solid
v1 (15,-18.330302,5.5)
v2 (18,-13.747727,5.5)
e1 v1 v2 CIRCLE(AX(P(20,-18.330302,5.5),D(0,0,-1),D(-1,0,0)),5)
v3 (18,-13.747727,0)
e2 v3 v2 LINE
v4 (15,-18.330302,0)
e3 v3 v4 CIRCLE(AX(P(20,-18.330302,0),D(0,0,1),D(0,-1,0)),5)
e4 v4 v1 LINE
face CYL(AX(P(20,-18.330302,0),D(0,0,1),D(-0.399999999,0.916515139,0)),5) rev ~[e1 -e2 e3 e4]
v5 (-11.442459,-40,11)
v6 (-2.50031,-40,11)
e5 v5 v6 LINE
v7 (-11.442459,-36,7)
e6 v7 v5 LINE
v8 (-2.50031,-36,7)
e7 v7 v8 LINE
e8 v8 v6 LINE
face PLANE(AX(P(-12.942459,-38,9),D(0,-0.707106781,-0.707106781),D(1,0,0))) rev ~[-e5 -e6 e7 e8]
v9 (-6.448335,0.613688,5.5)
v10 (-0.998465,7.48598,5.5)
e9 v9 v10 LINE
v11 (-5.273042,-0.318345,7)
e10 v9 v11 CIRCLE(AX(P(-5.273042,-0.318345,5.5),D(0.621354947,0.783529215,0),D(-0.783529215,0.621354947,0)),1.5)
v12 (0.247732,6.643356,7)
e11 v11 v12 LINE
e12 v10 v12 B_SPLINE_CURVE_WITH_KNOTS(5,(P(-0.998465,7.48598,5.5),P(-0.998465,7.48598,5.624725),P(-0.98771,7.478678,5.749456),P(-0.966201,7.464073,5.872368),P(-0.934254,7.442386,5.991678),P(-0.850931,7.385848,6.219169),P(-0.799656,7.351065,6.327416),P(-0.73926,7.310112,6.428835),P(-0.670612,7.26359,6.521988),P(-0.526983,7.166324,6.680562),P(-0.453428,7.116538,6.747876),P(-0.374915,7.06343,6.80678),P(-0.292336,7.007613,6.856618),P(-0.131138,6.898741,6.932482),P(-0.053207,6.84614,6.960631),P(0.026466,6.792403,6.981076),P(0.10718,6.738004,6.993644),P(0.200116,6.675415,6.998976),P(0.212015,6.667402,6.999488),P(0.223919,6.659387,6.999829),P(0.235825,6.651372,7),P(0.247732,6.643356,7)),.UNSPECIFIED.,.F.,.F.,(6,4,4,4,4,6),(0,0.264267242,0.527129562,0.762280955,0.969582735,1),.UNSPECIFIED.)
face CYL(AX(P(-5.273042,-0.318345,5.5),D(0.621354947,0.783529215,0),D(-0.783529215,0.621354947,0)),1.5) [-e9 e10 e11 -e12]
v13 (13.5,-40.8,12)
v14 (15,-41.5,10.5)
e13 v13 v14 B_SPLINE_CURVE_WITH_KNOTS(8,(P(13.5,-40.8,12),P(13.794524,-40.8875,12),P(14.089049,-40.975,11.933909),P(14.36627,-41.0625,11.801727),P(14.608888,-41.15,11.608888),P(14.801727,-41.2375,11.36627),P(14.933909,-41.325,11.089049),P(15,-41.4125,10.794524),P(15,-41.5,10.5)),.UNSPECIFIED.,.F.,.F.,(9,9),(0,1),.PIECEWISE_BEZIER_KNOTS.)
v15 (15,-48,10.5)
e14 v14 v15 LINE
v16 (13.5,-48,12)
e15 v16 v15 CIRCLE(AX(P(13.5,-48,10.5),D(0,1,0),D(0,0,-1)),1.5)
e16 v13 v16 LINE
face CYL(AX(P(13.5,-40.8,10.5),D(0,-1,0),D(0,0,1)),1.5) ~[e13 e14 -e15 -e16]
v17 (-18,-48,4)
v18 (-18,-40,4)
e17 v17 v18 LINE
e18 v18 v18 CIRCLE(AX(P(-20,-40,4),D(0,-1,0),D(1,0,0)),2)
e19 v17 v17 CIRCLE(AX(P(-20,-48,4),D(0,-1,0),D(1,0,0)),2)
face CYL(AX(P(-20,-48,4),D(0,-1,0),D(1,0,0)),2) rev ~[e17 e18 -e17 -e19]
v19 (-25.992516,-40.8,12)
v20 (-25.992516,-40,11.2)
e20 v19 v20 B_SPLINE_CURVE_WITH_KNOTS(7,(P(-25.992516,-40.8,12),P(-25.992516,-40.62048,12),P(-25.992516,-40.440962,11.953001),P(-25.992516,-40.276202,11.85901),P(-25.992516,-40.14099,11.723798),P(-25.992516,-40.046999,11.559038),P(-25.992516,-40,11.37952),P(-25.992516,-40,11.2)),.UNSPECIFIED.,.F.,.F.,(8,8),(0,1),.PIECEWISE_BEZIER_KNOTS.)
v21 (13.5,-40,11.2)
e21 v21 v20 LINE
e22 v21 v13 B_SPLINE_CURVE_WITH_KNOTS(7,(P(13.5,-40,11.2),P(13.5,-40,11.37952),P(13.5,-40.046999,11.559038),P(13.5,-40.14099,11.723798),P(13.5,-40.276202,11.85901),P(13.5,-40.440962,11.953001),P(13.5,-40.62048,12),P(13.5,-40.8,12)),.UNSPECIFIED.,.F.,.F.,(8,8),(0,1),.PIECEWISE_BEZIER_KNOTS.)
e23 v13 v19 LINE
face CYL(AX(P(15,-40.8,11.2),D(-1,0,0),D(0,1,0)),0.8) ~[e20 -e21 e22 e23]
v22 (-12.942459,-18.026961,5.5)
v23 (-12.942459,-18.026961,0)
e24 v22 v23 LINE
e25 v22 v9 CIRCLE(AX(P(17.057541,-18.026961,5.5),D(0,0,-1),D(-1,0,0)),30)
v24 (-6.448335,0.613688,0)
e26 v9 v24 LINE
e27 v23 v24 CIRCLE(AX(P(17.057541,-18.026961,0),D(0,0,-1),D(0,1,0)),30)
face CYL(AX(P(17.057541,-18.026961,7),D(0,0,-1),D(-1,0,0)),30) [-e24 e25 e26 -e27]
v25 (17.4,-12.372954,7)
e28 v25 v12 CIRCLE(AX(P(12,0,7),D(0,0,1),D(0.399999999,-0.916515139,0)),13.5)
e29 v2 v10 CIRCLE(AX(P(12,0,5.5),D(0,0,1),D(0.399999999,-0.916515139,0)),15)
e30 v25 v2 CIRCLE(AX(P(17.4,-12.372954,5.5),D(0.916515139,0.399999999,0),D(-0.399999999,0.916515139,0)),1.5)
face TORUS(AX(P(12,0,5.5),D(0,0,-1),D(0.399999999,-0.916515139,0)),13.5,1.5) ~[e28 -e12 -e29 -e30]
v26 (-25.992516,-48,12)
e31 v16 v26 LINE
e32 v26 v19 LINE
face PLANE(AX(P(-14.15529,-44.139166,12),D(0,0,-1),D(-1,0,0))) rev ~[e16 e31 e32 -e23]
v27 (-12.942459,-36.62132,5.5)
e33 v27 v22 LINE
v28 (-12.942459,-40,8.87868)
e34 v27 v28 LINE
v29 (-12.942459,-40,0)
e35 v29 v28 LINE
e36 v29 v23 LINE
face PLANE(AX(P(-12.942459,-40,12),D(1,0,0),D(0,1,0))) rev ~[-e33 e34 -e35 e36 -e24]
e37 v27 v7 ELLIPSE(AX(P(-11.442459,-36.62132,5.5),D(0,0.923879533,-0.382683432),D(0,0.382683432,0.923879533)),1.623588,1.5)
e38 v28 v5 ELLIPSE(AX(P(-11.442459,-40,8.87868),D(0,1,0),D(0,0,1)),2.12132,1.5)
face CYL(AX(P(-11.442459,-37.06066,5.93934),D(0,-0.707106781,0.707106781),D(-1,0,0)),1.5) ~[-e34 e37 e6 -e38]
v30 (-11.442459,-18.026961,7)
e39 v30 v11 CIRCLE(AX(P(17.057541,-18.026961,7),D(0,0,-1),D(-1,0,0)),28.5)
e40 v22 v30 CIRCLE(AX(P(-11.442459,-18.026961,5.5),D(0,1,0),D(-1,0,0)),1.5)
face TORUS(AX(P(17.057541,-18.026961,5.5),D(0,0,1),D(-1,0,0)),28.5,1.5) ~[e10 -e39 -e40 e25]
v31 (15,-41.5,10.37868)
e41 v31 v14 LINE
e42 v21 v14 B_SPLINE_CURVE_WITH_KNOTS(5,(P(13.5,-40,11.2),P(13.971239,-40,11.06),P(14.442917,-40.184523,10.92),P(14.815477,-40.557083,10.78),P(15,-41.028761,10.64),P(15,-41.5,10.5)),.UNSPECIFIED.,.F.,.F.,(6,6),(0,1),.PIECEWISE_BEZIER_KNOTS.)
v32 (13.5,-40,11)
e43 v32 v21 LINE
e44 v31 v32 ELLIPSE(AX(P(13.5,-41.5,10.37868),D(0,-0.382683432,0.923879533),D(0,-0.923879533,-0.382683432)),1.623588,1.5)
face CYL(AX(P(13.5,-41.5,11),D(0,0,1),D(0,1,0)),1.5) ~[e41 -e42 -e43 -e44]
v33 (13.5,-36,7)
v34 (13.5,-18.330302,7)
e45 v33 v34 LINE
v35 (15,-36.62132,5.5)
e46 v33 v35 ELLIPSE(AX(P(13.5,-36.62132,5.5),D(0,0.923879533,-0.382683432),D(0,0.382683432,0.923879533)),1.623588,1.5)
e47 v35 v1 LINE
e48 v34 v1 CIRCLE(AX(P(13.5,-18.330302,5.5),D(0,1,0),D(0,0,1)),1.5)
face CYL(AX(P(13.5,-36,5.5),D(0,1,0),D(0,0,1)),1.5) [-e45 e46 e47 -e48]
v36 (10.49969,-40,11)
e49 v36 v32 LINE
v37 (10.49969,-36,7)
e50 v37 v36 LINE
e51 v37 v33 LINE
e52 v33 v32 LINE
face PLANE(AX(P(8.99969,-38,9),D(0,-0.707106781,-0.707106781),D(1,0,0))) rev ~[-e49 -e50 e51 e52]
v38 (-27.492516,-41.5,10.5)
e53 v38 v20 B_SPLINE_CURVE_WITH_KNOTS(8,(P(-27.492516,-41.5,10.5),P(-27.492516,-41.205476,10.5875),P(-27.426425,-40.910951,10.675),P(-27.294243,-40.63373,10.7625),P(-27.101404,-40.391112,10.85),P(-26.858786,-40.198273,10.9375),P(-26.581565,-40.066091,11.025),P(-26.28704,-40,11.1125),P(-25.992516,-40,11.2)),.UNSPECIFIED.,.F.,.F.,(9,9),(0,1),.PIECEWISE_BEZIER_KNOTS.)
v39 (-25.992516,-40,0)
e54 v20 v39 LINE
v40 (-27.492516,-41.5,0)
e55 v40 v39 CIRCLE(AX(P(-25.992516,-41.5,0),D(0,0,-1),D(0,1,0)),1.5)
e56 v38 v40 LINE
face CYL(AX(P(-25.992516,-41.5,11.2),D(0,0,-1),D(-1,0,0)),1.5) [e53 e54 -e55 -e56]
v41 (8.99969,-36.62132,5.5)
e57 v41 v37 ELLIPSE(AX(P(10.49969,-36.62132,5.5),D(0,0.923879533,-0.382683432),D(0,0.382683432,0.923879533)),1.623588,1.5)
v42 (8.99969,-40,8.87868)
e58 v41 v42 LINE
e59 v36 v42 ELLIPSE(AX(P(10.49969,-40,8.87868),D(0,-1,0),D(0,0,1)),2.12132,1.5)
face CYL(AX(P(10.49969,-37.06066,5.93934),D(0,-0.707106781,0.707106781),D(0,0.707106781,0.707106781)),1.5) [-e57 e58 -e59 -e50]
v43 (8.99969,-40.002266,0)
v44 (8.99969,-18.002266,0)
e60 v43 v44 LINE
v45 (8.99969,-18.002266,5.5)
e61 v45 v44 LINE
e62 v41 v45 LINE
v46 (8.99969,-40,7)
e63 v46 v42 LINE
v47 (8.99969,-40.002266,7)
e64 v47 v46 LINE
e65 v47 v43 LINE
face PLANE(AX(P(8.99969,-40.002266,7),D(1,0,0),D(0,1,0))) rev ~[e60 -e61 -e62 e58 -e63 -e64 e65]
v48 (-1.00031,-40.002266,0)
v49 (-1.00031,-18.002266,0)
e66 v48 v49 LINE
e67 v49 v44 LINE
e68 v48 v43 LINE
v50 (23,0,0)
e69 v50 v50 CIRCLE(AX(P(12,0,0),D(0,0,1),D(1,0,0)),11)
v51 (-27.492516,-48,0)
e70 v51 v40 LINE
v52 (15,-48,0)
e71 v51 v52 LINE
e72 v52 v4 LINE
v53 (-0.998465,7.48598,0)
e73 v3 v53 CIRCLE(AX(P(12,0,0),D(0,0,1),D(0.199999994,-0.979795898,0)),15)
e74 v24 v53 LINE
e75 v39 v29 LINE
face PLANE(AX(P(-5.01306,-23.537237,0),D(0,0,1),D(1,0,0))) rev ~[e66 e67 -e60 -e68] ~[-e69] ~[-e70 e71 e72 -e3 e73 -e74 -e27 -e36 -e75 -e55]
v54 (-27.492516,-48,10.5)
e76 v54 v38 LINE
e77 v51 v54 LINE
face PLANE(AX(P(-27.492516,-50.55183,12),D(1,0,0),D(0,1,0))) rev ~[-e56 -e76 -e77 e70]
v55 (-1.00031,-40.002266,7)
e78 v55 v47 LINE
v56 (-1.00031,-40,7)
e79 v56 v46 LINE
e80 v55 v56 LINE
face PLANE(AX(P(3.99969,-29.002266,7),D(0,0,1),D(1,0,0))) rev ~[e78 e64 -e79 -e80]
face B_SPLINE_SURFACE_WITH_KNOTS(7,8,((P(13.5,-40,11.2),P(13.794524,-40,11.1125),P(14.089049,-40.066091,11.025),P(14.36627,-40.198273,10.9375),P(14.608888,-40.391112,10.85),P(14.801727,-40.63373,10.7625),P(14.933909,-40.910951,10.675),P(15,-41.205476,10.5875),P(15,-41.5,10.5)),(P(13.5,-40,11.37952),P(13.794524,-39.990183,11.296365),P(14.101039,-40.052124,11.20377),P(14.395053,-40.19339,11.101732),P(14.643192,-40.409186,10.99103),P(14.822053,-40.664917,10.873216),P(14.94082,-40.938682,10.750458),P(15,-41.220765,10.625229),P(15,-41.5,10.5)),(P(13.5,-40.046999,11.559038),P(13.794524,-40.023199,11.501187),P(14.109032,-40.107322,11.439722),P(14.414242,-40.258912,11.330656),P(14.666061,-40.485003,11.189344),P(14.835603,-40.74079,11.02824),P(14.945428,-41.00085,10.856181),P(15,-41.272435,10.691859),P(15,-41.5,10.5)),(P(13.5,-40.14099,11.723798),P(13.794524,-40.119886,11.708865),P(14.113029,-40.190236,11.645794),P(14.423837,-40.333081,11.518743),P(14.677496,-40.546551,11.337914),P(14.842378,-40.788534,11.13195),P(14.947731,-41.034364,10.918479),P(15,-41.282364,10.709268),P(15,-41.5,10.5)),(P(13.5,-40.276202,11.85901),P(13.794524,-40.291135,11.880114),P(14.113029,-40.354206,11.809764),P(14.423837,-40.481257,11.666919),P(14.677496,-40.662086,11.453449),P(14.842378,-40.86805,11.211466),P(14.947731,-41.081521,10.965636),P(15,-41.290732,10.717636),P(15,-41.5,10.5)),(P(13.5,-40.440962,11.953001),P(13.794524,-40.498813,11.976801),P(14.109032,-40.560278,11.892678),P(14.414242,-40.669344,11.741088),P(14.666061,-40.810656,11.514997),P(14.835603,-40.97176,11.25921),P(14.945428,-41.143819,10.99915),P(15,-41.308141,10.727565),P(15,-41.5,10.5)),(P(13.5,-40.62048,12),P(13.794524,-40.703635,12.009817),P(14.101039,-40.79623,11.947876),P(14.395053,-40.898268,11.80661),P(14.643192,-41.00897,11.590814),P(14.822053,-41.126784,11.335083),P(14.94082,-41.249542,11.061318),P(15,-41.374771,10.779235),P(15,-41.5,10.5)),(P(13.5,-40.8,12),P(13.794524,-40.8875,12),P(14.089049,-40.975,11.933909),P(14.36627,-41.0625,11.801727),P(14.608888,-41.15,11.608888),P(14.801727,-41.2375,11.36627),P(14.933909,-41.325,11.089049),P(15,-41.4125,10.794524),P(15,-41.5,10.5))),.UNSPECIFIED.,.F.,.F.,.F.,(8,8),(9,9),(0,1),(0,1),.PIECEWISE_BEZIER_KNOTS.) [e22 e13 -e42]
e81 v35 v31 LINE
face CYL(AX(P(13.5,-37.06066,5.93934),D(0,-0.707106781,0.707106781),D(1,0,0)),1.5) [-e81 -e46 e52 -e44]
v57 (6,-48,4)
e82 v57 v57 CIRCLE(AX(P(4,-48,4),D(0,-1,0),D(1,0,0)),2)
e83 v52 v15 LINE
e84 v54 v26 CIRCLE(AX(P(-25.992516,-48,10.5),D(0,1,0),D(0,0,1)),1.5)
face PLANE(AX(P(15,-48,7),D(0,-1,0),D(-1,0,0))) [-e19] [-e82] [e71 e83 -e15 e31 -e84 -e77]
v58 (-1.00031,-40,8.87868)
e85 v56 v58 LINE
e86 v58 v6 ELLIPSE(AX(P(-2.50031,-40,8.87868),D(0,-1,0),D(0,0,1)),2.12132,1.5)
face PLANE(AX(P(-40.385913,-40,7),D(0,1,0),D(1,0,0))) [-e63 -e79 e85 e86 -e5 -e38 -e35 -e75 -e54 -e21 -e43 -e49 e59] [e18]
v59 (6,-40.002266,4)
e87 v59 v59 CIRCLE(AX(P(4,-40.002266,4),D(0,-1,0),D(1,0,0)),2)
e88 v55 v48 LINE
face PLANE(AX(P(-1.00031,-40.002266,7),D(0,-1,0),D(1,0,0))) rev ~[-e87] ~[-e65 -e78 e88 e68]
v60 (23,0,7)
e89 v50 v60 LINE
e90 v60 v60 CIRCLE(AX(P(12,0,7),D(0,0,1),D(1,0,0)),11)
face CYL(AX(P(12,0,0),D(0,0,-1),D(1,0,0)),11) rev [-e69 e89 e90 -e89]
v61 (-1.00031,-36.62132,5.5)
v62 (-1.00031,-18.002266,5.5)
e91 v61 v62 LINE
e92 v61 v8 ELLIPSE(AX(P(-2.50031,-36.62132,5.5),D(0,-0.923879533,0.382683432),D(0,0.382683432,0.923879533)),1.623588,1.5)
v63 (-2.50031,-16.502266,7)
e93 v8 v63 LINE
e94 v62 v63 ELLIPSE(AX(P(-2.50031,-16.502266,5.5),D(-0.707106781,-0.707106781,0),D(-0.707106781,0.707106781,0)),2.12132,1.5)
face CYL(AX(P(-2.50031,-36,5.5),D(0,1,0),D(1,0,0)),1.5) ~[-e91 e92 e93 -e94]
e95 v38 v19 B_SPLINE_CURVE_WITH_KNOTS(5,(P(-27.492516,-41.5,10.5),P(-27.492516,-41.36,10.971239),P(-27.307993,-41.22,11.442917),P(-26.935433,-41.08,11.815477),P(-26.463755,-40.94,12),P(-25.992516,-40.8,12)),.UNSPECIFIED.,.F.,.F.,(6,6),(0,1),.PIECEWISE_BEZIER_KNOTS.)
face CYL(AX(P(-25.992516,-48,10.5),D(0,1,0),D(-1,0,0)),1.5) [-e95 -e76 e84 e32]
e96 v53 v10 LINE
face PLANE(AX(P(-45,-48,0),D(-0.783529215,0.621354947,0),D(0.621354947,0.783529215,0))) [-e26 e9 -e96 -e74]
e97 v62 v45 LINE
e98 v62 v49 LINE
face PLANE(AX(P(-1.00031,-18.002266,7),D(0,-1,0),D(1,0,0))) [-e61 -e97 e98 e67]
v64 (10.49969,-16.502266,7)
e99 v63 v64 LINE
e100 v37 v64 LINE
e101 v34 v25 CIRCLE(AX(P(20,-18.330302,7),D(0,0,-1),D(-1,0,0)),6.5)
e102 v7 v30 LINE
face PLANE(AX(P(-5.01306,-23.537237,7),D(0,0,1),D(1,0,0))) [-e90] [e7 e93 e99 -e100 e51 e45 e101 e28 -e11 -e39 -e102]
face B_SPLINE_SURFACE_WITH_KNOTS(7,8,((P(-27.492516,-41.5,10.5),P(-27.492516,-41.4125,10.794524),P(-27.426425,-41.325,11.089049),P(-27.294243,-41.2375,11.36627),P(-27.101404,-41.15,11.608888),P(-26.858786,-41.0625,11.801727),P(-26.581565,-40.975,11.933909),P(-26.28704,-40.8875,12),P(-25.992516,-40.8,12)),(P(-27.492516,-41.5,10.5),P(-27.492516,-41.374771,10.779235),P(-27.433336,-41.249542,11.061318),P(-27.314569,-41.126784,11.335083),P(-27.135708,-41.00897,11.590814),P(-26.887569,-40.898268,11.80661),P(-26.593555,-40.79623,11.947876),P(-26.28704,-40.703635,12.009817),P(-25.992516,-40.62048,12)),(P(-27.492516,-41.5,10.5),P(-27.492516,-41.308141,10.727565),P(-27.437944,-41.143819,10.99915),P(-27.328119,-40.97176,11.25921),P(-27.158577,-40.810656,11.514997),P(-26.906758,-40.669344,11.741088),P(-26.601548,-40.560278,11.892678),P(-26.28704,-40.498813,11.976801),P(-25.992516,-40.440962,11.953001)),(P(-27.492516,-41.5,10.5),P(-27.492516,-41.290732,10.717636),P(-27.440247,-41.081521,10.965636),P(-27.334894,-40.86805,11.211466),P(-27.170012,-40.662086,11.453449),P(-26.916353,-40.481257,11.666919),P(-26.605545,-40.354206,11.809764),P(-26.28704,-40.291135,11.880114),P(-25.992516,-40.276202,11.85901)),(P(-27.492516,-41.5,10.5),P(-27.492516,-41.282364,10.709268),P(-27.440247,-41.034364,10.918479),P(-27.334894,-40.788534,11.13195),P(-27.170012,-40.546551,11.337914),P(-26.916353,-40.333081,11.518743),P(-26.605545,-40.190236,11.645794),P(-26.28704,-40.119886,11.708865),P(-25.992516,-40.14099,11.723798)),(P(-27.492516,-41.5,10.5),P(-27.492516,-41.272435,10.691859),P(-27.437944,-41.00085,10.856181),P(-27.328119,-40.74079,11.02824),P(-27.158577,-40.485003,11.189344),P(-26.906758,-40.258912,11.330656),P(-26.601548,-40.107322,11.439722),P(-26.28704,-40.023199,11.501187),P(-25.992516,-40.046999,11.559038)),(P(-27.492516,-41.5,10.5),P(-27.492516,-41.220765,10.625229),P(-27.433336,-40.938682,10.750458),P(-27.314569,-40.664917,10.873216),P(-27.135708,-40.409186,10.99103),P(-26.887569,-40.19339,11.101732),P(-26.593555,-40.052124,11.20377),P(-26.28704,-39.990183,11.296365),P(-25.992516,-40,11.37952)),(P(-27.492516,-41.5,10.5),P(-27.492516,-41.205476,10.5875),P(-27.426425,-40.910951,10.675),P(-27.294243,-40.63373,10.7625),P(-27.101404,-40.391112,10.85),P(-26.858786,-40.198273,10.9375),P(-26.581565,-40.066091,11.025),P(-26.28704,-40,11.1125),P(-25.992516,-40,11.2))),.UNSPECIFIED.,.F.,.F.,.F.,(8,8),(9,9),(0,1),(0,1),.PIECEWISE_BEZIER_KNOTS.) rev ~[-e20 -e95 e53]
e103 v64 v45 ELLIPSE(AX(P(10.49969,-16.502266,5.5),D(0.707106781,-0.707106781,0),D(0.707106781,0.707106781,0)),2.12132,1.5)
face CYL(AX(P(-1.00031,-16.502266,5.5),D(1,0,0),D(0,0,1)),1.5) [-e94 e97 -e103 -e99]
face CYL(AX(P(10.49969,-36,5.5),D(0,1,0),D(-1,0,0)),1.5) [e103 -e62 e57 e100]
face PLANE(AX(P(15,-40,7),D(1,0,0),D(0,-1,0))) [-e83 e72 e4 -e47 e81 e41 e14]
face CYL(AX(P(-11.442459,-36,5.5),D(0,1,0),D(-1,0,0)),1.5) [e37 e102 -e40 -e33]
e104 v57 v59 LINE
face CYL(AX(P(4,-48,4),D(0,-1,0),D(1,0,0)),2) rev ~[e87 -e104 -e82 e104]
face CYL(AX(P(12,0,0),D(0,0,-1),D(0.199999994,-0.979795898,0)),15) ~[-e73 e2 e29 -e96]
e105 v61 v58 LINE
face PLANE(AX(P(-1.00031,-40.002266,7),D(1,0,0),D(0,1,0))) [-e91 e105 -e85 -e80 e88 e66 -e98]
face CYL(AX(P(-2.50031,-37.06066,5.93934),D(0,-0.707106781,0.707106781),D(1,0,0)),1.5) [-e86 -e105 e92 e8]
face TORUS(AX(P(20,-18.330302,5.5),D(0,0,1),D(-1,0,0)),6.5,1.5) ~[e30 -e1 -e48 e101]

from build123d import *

# Parameters (mm, degrees)
SKETCH_R        = 11
PAD_DEPTH       = 7
PAD001_DEPTH    = 5
SKETCH002_R     = 2
POCKET_DEPTH    = 9
POCKET002_DEPTH = 20
FILLET_R        = 30
FILLET001_R     = 5
SKETCH005_W     = 10
SKETCH005_H     = 22
POCKET003_DEPTH = 15
CHAMFER_SIZE    = 4
FILLET002_R     = 0.8
FILLET003_R     = 1.5
FILLET004_R     = 1.5
FILLET005_R     = 1.5


with BuildPart() as part:
    # Sketch → Pad (new body)
    with BuildSketch(Plane.XY):
        with BuildLine():
            Line((-15, -48), (15, -48))
            Line((15, -48), (15, -14.696938))
            ThreePointArc((15, -14.696938), (24.166051, 8.774235), (-0.998465, 7.48598))
            Line((-45, -48), (-0.998465, 7.48598))
            Line((-45, -48), (-15, -48))
        make_face()
        with Locations((12, 0)):
            Circle(SKETCH_R, mode=Mode.SUBTRACT)
    extrude(amount=PAD_DEPTH)

    # Sketch001 (on Face6 of Pad) → Pad001 (join)
    with BuildSketch(Plane.XY.offset(7)):
        Polygon((-45, -48), (-40.385913, -40), (15, -40), (15, -48), align=None)
    extrude(amount=PAD001_DEPTH)

    # Sketch002 (on Face11 of Pad001) → Pocket (cut)
    with BuildSketch(Plane.XZ.offset(48)):
        with Locations((-20, 4)):
            Circle(SKETCH002_R)
        with Locations((4, 4)):
            Circle(SKETCH002_R)
    extrude(amount=-POCKET_DEPTH, mode=Mode.SUBTRACT)

    # Sketch004 → Pocket002 (cut)
    with BuildSketch(Plane.XY.offset(12)):
        Polygon((-27.492516, -50.55183), (-27.492516, -40), (-12.942459, -40), (-12.942459, 0), (-27.492525, 0), (-27.492525, 11.934225), (-46.836239, 11.934225), (-46.836239, -50.55183), align=None)
    extrude(amount=-POCKET002_DEPTH, mode=Mode.SUBTRACT)

    # Fillet
    fillet_edges = [part.edges().sort_by_distance(p)[0] for p in [
        (-12.942459, -7.575408, 3.5),
    ]]
    fillet(fillet_edges, radius=FILLET_R)

    # Fillet001
    fillet001_edges = [part.edges().sort_by_distance(p)[0] for p in [
        (15, -14.696938, 3.5),
    ]]
    fillet(fillet001_edges, radius=FILLET001_R)

    # Sketch005 (on Face12 of Fillet001) → Pocket003 (cut)
    with BuildSketch(Plane.XY.offset(7)):
        with Locations((3.99969, -29.002266)):
            Rectangle(SKETCH005_W, SKETCH005_H)
    extrude(amount=-POCKET003_DEPTH, mode=Mode.SUBTRACT)

    # Chamfer
    chamfer_edges = [part.edges().sort_by_distance(p)[0] for p in [
        (-6.971384, -40, 7),
        (11.999845, -40, 7),
    ]]
    chamfer(chamfer_edges, length=CHAMFER_SIZE)

    # Fillet002
    fillet002_edges = [part.edges().sort_by_distance(p)[0] for p in [
        (-6.246258, -40, 12),
    ]]
    fillet(fillet002_edges, radius=FILLET002_R)

    # Fillet003
    fillet003_edges = [part.edges().sort_by_distance(p)[0] for p in [
        (-27.492516, -44.4, 12),
        (-27.492516, -40.234315, 11.765685),
        (-27.492516, -40, 5.6),
    ]]
    fillet(fillet003_edges, radius=FILLET003_R)

    # Fillet004
    fillet004_edges = [part.edges().sort_by_distance(p)[0] for p in [
        (-12.942459, -38, 9),
        (-12.942459, -27.01348, 7),
        (-11.272446, -8.157216, 7),
        (-3.7234, 4.049834, 7),
        (23.17865, 10.001889, 7),
        (15.8167, -15.59169, 7),
        (15, -27.165151, 7),
        (15, -38, 9),
        (15, -40, 11.1),
        (15, -40.234315, 11.765685),
        (15, -44.4, 12),
    ]]
    fillet(fillet004_edges, radius=FILLET004_R)

    # Fillet005
    fillet005_edges = [part.edges().sort_by_distance(p)[0] for p in [
        (-1.00031, -38, 9),
        (-1.00031, -27.001133, 7),
        (3.99969, -18.002266, 7),
        (8.99969, -27.001133, 7),
        (8.99969, -38, 9),
    ]]
    fillet(fillet005_edges, radius=FILLET005_R)


solid = part.part
